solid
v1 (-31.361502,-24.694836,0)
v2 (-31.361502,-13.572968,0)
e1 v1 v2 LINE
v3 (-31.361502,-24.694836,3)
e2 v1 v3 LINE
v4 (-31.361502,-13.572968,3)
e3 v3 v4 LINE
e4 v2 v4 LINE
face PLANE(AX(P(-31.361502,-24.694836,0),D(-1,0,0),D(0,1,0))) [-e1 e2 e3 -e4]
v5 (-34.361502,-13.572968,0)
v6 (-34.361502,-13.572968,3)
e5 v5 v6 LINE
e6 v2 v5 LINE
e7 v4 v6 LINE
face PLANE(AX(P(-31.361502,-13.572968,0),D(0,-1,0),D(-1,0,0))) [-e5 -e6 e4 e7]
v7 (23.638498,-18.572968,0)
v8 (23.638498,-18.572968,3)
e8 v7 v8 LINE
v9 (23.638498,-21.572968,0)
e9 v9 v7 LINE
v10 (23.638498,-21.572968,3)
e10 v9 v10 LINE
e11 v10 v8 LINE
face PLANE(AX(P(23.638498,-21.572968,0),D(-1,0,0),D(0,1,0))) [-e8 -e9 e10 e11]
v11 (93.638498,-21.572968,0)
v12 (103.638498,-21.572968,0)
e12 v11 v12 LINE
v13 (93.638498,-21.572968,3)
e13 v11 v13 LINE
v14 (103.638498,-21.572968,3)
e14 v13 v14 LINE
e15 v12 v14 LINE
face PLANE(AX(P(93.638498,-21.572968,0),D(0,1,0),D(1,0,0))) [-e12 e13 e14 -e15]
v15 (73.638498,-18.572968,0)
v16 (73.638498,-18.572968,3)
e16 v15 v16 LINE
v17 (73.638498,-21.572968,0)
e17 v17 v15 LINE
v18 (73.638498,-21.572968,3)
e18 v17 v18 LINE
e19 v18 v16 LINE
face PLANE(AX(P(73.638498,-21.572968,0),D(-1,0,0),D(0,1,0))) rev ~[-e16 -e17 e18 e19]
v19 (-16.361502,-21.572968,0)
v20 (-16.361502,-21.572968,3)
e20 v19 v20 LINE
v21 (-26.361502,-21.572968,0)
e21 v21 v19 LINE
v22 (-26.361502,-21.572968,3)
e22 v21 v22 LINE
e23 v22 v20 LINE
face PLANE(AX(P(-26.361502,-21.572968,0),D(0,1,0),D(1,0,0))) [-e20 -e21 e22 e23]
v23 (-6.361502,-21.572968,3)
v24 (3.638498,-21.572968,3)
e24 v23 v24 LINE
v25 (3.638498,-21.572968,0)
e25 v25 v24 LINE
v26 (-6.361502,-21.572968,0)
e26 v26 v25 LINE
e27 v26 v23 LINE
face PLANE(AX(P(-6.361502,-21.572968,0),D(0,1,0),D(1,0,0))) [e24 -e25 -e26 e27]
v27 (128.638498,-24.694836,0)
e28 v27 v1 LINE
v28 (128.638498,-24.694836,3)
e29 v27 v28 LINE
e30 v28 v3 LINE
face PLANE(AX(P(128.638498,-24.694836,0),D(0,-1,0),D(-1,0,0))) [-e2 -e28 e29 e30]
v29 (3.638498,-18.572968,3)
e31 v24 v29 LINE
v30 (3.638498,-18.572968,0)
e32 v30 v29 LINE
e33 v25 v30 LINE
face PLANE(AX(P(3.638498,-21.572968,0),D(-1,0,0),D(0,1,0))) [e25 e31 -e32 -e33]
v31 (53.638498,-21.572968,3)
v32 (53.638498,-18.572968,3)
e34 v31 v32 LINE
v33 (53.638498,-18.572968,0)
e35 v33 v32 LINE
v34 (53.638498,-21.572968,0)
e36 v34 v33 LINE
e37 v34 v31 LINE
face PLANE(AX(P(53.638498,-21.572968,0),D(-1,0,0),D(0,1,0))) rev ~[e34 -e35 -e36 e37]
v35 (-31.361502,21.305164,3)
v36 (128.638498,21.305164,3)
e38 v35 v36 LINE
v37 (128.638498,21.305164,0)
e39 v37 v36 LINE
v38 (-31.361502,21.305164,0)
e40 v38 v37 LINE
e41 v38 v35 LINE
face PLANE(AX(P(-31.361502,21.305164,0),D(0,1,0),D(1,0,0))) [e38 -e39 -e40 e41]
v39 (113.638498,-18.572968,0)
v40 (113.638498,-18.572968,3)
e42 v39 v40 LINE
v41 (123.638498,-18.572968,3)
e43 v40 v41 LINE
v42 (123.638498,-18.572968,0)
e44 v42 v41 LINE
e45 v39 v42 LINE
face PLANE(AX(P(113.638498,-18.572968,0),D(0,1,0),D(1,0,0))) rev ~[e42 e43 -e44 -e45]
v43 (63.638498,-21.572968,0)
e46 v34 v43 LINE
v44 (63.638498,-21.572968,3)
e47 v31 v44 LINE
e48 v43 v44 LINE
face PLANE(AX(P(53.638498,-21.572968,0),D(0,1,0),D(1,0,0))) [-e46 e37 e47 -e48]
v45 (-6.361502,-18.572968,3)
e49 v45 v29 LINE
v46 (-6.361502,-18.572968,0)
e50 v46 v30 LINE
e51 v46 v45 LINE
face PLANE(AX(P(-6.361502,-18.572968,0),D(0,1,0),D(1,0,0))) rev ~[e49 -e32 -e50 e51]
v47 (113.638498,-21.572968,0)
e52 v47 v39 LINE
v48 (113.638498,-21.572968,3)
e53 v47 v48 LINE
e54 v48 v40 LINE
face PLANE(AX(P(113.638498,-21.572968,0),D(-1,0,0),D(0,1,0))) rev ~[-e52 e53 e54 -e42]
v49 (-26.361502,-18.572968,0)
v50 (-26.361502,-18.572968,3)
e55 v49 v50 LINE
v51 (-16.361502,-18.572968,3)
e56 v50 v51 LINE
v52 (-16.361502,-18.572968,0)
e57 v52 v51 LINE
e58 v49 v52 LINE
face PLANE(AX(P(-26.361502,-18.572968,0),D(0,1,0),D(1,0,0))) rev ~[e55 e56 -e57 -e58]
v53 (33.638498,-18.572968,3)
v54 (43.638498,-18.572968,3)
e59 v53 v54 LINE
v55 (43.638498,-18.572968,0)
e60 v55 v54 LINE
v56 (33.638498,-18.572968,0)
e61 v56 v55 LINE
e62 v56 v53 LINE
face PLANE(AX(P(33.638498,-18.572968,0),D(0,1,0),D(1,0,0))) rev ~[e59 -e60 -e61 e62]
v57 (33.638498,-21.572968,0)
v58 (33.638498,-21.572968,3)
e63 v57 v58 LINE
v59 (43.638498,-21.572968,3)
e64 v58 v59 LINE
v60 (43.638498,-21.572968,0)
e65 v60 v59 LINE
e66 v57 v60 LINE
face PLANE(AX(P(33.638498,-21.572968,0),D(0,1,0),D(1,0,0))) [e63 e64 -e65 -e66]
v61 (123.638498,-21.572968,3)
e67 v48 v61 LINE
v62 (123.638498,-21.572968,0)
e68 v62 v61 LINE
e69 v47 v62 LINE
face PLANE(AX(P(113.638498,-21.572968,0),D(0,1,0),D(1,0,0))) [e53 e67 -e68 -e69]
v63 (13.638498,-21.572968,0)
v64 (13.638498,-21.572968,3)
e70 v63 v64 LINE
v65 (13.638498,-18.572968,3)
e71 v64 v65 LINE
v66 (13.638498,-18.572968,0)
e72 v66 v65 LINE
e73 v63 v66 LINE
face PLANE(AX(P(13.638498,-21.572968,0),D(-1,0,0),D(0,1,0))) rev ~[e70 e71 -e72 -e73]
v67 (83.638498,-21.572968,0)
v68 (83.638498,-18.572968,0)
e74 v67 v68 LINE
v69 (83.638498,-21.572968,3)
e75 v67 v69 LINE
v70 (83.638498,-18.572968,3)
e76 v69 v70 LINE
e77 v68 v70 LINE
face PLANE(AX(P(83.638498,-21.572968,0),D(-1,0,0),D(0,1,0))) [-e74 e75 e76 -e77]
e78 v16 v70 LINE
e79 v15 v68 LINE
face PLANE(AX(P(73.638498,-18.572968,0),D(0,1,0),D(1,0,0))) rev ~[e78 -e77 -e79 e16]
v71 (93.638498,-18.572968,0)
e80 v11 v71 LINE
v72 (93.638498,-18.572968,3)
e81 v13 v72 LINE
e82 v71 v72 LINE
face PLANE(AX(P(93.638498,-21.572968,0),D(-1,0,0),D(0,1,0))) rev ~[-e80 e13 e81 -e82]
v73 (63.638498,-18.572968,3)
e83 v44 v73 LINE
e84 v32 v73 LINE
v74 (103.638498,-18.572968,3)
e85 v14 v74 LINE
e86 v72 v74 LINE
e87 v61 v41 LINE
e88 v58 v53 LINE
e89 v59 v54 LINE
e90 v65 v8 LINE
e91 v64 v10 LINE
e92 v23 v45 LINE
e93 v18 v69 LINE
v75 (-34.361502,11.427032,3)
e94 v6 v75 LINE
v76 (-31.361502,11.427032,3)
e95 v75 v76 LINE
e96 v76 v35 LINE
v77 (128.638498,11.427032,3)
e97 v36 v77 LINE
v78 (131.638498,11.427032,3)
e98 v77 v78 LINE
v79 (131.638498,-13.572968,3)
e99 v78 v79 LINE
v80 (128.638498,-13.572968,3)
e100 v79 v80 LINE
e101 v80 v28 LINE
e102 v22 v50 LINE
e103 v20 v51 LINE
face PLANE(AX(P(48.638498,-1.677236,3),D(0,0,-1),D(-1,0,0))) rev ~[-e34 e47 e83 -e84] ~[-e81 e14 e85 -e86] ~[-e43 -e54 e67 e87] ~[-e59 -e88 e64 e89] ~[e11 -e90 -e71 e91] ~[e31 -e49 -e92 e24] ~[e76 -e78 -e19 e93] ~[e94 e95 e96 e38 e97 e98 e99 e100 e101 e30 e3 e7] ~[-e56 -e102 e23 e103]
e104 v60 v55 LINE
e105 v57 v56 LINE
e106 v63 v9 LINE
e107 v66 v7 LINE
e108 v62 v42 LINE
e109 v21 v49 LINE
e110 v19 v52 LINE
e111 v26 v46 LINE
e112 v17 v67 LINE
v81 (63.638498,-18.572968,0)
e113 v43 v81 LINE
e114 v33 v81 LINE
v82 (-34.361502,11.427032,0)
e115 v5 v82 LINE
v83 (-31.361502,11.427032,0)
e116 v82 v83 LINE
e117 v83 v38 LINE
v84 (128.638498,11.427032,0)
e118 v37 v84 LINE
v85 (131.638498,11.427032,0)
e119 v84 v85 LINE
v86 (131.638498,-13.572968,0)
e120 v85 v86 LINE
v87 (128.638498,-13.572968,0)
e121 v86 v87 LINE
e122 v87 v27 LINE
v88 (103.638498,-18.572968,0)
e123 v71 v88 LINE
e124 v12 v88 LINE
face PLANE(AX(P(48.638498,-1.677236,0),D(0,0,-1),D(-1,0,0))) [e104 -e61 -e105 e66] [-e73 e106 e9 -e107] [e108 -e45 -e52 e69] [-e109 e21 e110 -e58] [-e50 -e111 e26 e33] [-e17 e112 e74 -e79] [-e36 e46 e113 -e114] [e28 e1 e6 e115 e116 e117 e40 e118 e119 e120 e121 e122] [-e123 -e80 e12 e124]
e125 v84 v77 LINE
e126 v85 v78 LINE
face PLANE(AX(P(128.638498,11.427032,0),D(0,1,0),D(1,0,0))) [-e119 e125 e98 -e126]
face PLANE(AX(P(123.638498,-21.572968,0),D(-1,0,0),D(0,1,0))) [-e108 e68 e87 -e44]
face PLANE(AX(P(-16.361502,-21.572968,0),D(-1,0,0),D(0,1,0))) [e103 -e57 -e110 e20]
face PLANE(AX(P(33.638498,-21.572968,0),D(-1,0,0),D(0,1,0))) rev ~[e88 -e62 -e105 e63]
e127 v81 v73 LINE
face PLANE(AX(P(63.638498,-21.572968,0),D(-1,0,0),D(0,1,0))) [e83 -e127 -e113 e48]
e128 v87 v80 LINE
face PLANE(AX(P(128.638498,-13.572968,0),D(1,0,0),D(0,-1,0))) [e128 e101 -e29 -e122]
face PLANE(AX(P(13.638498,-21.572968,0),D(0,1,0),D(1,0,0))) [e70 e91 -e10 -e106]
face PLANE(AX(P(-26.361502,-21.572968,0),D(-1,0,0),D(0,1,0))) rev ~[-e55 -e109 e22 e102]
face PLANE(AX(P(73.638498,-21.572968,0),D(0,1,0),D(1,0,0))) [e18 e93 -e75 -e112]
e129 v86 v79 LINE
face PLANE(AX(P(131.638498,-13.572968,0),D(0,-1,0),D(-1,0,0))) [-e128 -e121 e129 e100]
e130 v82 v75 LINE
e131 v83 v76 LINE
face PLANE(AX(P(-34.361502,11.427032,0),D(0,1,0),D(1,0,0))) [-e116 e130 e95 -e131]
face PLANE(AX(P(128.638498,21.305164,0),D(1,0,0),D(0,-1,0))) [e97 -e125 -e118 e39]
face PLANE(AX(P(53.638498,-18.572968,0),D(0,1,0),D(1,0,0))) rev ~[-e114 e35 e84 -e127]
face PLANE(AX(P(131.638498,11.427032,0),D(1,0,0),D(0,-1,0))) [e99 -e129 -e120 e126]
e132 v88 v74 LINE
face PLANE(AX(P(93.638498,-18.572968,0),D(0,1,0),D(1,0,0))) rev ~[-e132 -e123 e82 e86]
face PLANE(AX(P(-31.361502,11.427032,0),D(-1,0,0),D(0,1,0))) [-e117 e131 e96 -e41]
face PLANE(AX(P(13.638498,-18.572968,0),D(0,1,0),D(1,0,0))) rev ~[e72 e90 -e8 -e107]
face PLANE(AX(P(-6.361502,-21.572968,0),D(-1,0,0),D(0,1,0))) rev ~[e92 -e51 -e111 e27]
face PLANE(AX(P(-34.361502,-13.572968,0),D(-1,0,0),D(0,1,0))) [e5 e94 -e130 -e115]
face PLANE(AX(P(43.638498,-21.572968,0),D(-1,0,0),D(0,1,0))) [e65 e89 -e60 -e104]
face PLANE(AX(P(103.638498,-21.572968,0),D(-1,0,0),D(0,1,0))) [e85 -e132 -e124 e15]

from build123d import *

# Parameters (mm, degrees)
SKETCH1_W           = 10
SKETCH1_H           = 3
BOSS_EXTRUDE1_DEPTH = 3


with BuildPart() as part:
    # Sketch1 → Boss-Extrude1 (new body)
    with BuildSketch(Plane.XY):
        Polygon((-31.361502347, 21.305164319), (128.638497653, 21.305164319), (128.638497653, 11.427031749), (131.638497653, 11.427031749), (131.638497653, -13.572968251), (128.638497653, -13.572968251), (128.638497653, -24.694835681), (-31.361502347, -24.694835681), (-31.361502347, -13.572968251), (-34.361502347, -13.572968251), (-34.361502347, 11.427031749), (-31.361502347, 11.427031749), align=None)
        with Locations((-1.361502347, -20.072968251)):
            Rectangle(SKETCH1_W, SKETCH1_H, mode=Mode.SUBTRACT)
        with Locations((-21.361502347, -20.072968251)):
            Rectangle(SKETCH1_W, SKETCH1_H, mode=Mode.SUBTRACT)
        with Locations((18.638497653, -20.072968251)):
            Rectangle(SKETCH1_W, SKETCH1_H, mode=Mode.SUBTRACT)
        with Locations((38.638497653, -20.072968251)):
            Rectangle(SKETCH1_W, SKETCH1_H, mode=Mode.SUBTRACT)
        with Locations((58.638497653, -20.072968251)):
            Rectangle(SKETCH1_W, SKETCH1_H, mode=Mode.SUBTRACT)
        with Locations((78.638497653, -20.072968251)):
            Rectangle(SKETCH1_W, SKETCH1_H, mode=Mode.SUBTRACT)
        with Locations((98.638497653, -20.072968251)):
            Rectangle(SKETCH1_W, SKETCH1_H, mode=Mode.SUBTRACT)
        with Locations((118.638497653, -20.072968251)):
            Rectangle(SKETCH1_W, SKETCH1_H, mode=Mode.SUBTRACT)
    extrude(amount=BOSS_EXTRUDE1_DEPTH)


solid = part.part
